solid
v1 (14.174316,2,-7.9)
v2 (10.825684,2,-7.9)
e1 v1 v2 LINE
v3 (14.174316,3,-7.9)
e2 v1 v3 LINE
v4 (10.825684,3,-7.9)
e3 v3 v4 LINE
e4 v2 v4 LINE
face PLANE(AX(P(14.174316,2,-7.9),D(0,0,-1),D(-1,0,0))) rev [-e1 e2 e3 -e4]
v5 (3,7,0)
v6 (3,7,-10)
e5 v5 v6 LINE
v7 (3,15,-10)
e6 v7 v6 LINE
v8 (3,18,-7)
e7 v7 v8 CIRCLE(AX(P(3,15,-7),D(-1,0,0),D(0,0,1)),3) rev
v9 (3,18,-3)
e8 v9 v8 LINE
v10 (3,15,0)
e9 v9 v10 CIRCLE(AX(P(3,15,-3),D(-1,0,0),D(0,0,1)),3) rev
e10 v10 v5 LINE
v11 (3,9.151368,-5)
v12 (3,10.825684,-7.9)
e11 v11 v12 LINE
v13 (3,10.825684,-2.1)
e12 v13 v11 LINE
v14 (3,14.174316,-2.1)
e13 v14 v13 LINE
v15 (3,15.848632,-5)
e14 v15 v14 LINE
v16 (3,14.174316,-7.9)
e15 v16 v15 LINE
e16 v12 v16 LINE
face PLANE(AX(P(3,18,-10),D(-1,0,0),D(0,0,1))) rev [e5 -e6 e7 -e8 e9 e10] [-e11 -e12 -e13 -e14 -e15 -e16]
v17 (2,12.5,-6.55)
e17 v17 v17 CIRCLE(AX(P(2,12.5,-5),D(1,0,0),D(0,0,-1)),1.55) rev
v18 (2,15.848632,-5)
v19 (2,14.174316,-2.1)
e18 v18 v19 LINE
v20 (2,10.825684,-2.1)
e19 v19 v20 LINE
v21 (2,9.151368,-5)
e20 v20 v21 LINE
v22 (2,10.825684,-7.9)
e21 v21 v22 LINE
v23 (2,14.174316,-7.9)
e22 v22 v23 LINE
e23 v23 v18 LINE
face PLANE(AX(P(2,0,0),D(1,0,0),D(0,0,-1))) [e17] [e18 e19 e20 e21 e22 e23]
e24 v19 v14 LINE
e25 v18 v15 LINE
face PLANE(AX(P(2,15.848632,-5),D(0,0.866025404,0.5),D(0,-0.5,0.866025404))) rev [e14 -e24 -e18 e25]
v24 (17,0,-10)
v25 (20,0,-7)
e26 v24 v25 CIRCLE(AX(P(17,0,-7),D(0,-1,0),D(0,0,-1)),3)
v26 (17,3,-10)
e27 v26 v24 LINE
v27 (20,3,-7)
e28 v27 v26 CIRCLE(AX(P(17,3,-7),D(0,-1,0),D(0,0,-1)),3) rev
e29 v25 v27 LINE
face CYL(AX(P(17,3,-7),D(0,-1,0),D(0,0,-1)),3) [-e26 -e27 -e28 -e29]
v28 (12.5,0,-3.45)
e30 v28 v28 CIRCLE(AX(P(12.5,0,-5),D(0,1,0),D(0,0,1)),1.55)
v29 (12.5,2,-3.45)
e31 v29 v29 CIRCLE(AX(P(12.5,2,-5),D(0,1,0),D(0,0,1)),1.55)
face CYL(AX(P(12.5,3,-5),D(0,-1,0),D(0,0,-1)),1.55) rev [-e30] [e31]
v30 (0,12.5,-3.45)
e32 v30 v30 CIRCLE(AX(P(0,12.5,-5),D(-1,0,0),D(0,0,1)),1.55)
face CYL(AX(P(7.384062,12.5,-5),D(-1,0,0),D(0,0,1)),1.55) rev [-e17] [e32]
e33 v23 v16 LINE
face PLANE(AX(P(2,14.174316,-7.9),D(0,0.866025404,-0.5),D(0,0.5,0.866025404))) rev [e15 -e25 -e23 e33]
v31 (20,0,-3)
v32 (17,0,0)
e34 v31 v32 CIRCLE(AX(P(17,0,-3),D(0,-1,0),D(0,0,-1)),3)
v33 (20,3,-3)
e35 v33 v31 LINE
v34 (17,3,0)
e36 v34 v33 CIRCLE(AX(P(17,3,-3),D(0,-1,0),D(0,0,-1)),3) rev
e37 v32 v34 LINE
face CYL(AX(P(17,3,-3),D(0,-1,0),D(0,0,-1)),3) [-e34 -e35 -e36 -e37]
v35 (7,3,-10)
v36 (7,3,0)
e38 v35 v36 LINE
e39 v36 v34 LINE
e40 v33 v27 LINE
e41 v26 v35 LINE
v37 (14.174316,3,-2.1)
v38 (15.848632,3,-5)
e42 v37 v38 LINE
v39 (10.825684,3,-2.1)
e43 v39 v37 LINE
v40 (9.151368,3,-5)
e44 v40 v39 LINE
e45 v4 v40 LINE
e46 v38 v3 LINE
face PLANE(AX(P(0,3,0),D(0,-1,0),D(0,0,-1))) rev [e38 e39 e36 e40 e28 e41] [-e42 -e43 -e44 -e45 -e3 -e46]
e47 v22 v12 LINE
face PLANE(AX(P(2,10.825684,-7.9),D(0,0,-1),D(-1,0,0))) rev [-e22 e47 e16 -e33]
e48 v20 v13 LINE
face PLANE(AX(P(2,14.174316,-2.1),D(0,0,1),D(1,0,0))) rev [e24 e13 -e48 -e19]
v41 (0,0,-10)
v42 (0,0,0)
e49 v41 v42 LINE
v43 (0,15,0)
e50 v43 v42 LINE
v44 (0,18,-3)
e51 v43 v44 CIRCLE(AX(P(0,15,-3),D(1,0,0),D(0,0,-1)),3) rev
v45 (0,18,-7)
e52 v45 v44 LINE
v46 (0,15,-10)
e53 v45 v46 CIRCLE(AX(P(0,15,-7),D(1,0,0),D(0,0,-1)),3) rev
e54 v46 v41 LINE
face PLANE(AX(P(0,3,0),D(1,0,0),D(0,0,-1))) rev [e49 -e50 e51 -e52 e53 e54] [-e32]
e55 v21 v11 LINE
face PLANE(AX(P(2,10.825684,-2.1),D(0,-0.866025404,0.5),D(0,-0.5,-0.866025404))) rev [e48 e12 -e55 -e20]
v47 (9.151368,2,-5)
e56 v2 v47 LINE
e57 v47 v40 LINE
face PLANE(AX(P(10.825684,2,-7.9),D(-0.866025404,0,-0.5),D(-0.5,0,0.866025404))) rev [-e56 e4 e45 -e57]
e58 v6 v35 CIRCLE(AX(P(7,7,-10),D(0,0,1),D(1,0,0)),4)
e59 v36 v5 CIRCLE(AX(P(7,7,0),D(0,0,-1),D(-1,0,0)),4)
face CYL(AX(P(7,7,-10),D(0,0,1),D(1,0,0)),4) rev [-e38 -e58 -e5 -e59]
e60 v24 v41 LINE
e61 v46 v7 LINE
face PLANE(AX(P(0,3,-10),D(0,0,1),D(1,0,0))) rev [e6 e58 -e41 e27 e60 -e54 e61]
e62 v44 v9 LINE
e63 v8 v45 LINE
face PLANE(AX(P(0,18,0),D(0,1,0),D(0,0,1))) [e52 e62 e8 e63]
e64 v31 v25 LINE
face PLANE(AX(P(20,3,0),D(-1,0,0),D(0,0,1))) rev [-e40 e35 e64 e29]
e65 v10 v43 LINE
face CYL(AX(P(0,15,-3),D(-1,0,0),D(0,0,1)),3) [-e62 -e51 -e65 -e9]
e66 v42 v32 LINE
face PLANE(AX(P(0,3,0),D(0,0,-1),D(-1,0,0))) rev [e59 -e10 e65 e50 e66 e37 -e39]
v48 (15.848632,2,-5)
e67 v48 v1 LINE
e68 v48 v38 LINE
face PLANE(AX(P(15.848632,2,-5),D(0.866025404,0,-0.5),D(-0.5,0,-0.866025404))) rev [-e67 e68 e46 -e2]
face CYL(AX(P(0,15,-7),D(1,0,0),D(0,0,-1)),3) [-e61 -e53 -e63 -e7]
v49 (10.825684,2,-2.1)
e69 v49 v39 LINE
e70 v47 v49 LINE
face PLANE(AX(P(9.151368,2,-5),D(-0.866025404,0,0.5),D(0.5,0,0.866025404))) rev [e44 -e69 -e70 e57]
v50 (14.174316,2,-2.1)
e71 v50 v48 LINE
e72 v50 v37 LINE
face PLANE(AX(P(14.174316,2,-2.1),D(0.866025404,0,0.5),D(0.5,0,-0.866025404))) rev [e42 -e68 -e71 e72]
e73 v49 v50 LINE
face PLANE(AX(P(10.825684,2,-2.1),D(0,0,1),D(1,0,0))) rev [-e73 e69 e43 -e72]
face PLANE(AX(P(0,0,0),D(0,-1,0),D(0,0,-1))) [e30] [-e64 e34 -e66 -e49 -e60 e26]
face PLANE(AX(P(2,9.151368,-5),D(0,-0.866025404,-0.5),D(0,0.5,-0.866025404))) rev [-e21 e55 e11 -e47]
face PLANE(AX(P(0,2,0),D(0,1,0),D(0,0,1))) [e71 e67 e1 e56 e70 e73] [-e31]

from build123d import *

# Parameters (mm, degrees)
CROQUIS1_W              = 20
CROQUIS1_H              = 10
CROQUIS1_R              = 1.55
SALIENTE_EXTRUIR1_DEPTH = 3
CROQUIS2_W              = 3
CROQUIS2_H              = 10
SALIENTE_EXTRUIR2_DEPTH = 15
CROQUIS3_R              = 1.55
CORTAR_EXTRUIR1_DEPTH   = 3
CORTAR_EXTRUIR3_DEPTH   = 1
REDONDEO1_R             = 3
REDONDEO2_R             = 4
CORTAR_EXTRUIR4_DEPTH   = 1


with BuildPart() as part:
    # Croquis1 → Saliente-Extruir1 (new body)
    with BuildSketch(Plane(origin=(0, 0, 0), x_dir=(1, 0, 0), z_dir=(0, 1, 0))):
        with Locations((10, 5)):
            Rectangle(CROQUIS1_W, CROQUIS1_H)
        with Locations(Location((12.5, 5, 0), (0, 0, 270))):
            Circle(CROQUIS1_R, mode=Mode.SUBTRACT)
    extrude(amount=SALIENTE_EXTRUIR1_DEPTH)

    # Croquis2 → Saliente-Extruir2 (add)
    with BuildSketch(Plane(origin=(0, 3, 0), x_dir=(1, 0, 0), z_dir=(0, 1, 0))):
        with Locations((1.5, 5)):
            Rectangle(CROQUIS2_W, CROQUIS2_H)
    extrude(amount=SALIENTE_EXTRUIR2_DEPTH)

    # Croquis3 → Cortar-Extruir1 (cut)
    with BuildSketch(Plane.ZY):
        with Locations((-5, 12.5)):
            Circle(CROQUIS3_R)
    extrude(amount=-CORTAR_EXTRUIR1_DEPTH, mode=Mode.SUBTRACT)

    # Croquis5 → Cortar-Extruir3 (cut)
    with BuildSketch(Plane(origin=(3, 0, 0), x_dir=(0, 0, -1), z_dir=(1, 0, 0))):
        Polygon((7.9, 14.174315781), (5, 15.848631561), (2.1, 14.174315781), (2.1, 10.825684219), (5, 9.151368439), (7.9, 10.825684219), align=None)
    extrude(amount=-CORTAR_EXTRUIR3_DEPTH, mode=Mode.SUBTRACT)

    # Redondeo1
    redondeo1_edges = [part.edges().sort_by_distance(p)[0] for p in [
        (1.5, 18, 0),
        (1.5, 18, -10),
        (20, 1.5, -10),
        (20, 1.5, 0),
    ]]
    fillet(redondeo1_edges, radius=REDONDEO1_R)

    # Redondeo2
    redondeo2_edges = [part.edges().sort_by_distance(p)[0] for p in [
        (3, 3, -5),
    ]]
    fillet(redondeo2_edges, radius=REDONDEO2_R)

    # Croquis6 → Cortar-Extruir4 (cut)
    with BuildSketch(Plane(origin=(0, 3, 0), x_dir=(1, 0, 0), z_dir=(0, 1, 0))):
        Polygon((14.174315781, 7.9), (10.825684219, 7.9), (9.151368439, 5), (10.825684219, 2.1), (14.174315781, 2.1), (15.848631561, 5), align=None)
    extrude(amount=-CORTAR_EXTRUIR4_DEPTH, mode=Mode.SUBTRACT)


solid = part.part
